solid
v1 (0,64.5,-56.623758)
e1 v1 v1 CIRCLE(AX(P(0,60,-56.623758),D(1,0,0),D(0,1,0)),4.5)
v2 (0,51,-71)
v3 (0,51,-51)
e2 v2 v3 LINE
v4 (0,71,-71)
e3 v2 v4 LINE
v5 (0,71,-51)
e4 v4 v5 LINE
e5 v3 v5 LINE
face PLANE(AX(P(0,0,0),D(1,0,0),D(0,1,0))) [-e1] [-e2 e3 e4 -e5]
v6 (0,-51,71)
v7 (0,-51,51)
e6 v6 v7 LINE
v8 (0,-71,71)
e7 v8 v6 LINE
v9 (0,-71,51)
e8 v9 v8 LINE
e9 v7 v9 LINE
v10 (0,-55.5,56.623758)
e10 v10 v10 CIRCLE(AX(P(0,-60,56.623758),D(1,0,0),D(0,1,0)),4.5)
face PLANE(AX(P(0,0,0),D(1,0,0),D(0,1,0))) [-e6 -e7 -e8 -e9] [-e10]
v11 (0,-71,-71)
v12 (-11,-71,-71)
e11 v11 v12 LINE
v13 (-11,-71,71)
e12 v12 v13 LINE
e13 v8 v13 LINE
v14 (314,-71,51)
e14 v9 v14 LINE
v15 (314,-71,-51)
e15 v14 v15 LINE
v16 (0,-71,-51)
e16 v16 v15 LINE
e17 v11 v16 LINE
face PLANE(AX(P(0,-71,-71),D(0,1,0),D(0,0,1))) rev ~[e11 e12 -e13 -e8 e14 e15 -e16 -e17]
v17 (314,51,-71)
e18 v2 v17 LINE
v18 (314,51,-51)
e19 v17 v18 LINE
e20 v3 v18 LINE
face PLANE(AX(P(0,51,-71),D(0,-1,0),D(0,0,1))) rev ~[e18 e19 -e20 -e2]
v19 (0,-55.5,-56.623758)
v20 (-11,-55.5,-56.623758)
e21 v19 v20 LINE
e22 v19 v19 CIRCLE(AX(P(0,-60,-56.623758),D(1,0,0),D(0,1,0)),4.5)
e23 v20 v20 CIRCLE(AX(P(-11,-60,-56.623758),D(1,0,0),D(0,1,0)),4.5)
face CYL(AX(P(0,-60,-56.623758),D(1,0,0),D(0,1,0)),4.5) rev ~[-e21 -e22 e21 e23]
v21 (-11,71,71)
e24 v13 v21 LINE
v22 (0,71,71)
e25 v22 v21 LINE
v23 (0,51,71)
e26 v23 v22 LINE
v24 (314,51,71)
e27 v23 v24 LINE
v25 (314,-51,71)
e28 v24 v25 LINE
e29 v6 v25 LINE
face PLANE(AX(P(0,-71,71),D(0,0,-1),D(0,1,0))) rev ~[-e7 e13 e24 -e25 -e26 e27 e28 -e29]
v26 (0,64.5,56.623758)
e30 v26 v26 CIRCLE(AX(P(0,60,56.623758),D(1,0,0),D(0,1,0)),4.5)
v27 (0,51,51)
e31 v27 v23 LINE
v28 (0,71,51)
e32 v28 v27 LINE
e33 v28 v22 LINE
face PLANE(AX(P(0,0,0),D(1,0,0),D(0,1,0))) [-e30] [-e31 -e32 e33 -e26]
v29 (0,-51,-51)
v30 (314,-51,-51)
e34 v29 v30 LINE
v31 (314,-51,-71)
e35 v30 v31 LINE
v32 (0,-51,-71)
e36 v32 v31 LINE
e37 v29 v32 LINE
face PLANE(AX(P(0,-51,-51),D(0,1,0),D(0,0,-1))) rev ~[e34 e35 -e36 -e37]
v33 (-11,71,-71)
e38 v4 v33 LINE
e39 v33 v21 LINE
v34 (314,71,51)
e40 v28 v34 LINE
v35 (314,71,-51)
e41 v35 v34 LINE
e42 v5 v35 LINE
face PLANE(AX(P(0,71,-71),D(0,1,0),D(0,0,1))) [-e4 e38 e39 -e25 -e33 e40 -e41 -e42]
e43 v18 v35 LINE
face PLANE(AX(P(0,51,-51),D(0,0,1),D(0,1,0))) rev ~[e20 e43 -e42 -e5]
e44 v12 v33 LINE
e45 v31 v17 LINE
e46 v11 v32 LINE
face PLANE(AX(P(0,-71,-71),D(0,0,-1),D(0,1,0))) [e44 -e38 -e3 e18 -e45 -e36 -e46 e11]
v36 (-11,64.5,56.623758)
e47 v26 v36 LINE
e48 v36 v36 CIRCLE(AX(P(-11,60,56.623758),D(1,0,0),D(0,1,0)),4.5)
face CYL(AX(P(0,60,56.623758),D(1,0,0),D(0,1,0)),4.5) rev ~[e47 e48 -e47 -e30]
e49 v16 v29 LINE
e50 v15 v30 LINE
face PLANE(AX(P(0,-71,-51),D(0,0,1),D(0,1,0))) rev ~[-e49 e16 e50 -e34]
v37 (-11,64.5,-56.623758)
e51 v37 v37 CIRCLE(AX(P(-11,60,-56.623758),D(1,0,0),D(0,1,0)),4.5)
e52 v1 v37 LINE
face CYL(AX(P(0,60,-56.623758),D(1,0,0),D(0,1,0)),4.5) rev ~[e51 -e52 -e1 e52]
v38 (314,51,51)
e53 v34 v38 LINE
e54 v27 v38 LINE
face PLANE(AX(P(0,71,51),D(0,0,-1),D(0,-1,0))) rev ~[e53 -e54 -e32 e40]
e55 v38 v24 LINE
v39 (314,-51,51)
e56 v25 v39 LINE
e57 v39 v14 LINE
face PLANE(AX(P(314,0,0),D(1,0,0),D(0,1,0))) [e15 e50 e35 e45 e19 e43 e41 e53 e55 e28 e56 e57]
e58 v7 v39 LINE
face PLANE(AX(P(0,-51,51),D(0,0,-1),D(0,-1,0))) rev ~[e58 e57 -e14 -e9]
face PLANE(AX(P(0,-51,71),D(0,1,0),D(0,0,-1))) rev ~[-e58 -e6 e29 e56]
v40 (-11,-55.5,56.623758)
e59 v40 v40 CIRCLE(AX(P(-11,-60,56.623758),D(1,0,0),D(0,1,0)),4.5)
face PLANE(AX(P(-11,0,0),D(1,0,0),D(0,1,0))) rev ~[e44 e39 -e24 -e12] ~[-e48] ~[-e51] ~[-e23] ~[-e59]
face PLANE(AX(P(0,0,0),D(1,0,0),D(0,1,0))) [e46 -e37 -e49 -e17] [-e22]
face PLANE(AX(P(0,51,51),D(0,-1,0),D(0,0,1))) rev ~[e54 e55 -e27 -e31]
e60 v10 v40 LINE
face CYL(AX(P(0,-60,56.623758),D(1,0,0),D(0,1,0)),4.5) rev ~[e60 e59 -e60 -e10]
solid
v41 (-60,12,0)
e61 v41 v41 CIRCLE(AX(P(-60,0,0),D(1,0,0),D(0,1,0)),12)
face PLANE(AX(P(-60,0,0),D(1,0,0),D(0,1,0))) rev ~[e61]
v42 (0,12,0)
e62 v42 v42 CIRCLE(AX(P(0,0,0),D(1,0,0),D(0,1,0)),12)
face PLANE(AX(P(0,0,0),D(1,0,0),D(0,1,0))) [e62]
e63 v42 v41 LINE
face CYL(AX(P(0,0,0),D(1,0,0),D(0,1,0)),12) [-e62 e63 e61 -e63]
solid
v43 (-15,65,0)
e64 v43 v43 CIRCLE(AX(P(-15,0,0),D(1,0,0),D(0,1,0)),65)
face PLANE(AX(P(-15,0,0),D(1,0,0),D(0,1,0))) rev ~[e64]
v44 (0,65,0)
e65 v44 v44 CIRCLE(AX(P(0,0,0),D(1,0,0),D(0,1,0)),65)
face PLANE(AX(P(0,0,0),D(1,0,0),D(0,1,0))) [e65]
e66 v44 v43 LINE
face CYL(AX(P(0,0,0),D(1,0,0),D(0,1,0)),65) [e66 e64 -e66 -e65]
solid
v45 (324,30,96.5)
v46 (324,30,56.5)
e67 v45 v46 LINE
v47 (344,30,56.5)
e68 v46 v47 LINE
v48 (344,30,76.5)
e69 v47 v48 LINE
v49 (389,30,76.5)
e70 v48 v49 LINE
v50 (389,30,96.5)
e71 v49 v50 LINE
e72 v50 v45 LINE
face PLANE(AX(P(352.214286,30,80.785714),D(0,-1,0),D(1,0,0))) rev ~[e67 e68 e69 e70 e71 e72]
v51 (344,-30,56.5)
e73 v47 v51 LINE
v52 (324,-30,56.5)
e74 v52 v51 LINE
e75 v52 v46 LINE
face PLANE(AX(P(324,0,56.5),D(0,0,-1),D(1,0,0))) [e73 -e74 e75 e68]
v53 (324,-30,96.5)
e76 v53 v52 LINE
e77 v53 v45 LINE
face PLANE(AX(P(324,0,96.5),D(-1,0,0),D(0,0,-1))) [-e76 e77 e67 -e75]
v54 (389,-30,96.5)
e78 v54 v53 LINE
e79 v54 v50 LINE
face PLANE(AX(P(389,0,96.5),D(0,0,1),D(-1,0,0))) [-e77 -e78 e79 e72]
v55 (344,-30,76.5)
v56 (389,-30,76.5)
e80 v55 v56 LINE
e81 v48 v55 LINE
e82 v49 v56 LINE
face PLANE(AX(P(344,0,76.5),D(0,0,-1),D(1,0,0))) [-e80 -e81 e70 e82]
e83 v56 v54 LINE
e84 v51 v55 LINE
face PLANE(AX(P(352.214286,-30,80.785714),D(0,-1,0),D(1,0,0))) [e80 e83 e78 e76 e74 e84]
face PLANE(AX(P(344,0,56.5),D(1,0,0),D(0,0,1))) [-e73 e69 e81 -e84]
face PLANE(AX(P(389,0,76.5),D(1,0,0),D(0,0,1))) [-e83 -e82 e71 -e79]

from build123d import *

# Parameters (mm, degrees)
F1_DEPTH = 314
F6_W     = 142
F6_H     = 142
F6_R     = 4.5
F2_DEPTH = 11
F3_R     = 12
F7_DEPTH = 60
F8_R     = 65
F4_DEPTH = 15
F5_DEPTH = 30


with BuildPart() as f1:
    # F0 (on Right) → F1 (new body)
    with BuildSketch(Plane.YZ):
        Polygon((-51, -51), (-51, -71), (51, -71), (51, -51), (71, -51), (71, 51), (51, 51), (51, 71), (-51, 71), (-51, 51), (-71, 51), (-71, -51), align=None)
    extrude(amount=F1_DEPTH)

    # F6 (on Right) → F2 (join)
    with BuildSketch(Plane.YZ):
        Rectangle(F6_W, F6_H)
        with Locations((-60, -56.623758)):
            Circle(F6_R, mode=Mode.SUBTRACT)
        with Locations((60, -56.623758)):
            Circle(F6_R, mode=Mode.SUBTRACT)
        with Locations((-60, 56.623758)):
            Circle(F6_R, mode=Mode.SUBTRACT)
        with Locations((60, 56.623758)):
            Circle(F6_R, mode=Mode.SUBTRACT)
    extrude(amount=-F2_DEPTH)


with BuildPart() as f7:
    # F3 (on Right) → F7 (new body)
    with BuildSketch(Plane.YZ):
        Circle(F3_R)
    extrude(amount=-F7_DEPTH)


with BuildPart() as f4:
    # F8 (on Right) → F4 (new body)
    with BuildSketch(Plane.YZ):
        Circle(F8_R)
    extrude(amount=-F4_DEPTH)


with BuildPart() as f5:
    # F9 (on Front) → F5 (new body, symmetric)
    with BuildSketch(Plane.XZ):
        Polygon((324, 76.5), (324, 56.5), (344, 56.5), (344, 76.5), (389, 76.5), (389, 96.5), (324, 96.5), align=None)
    extrude(amount=F5_DEPTH, both=True)


solid = Compound([f1.part, f7.part, f4.part, f5.part])
